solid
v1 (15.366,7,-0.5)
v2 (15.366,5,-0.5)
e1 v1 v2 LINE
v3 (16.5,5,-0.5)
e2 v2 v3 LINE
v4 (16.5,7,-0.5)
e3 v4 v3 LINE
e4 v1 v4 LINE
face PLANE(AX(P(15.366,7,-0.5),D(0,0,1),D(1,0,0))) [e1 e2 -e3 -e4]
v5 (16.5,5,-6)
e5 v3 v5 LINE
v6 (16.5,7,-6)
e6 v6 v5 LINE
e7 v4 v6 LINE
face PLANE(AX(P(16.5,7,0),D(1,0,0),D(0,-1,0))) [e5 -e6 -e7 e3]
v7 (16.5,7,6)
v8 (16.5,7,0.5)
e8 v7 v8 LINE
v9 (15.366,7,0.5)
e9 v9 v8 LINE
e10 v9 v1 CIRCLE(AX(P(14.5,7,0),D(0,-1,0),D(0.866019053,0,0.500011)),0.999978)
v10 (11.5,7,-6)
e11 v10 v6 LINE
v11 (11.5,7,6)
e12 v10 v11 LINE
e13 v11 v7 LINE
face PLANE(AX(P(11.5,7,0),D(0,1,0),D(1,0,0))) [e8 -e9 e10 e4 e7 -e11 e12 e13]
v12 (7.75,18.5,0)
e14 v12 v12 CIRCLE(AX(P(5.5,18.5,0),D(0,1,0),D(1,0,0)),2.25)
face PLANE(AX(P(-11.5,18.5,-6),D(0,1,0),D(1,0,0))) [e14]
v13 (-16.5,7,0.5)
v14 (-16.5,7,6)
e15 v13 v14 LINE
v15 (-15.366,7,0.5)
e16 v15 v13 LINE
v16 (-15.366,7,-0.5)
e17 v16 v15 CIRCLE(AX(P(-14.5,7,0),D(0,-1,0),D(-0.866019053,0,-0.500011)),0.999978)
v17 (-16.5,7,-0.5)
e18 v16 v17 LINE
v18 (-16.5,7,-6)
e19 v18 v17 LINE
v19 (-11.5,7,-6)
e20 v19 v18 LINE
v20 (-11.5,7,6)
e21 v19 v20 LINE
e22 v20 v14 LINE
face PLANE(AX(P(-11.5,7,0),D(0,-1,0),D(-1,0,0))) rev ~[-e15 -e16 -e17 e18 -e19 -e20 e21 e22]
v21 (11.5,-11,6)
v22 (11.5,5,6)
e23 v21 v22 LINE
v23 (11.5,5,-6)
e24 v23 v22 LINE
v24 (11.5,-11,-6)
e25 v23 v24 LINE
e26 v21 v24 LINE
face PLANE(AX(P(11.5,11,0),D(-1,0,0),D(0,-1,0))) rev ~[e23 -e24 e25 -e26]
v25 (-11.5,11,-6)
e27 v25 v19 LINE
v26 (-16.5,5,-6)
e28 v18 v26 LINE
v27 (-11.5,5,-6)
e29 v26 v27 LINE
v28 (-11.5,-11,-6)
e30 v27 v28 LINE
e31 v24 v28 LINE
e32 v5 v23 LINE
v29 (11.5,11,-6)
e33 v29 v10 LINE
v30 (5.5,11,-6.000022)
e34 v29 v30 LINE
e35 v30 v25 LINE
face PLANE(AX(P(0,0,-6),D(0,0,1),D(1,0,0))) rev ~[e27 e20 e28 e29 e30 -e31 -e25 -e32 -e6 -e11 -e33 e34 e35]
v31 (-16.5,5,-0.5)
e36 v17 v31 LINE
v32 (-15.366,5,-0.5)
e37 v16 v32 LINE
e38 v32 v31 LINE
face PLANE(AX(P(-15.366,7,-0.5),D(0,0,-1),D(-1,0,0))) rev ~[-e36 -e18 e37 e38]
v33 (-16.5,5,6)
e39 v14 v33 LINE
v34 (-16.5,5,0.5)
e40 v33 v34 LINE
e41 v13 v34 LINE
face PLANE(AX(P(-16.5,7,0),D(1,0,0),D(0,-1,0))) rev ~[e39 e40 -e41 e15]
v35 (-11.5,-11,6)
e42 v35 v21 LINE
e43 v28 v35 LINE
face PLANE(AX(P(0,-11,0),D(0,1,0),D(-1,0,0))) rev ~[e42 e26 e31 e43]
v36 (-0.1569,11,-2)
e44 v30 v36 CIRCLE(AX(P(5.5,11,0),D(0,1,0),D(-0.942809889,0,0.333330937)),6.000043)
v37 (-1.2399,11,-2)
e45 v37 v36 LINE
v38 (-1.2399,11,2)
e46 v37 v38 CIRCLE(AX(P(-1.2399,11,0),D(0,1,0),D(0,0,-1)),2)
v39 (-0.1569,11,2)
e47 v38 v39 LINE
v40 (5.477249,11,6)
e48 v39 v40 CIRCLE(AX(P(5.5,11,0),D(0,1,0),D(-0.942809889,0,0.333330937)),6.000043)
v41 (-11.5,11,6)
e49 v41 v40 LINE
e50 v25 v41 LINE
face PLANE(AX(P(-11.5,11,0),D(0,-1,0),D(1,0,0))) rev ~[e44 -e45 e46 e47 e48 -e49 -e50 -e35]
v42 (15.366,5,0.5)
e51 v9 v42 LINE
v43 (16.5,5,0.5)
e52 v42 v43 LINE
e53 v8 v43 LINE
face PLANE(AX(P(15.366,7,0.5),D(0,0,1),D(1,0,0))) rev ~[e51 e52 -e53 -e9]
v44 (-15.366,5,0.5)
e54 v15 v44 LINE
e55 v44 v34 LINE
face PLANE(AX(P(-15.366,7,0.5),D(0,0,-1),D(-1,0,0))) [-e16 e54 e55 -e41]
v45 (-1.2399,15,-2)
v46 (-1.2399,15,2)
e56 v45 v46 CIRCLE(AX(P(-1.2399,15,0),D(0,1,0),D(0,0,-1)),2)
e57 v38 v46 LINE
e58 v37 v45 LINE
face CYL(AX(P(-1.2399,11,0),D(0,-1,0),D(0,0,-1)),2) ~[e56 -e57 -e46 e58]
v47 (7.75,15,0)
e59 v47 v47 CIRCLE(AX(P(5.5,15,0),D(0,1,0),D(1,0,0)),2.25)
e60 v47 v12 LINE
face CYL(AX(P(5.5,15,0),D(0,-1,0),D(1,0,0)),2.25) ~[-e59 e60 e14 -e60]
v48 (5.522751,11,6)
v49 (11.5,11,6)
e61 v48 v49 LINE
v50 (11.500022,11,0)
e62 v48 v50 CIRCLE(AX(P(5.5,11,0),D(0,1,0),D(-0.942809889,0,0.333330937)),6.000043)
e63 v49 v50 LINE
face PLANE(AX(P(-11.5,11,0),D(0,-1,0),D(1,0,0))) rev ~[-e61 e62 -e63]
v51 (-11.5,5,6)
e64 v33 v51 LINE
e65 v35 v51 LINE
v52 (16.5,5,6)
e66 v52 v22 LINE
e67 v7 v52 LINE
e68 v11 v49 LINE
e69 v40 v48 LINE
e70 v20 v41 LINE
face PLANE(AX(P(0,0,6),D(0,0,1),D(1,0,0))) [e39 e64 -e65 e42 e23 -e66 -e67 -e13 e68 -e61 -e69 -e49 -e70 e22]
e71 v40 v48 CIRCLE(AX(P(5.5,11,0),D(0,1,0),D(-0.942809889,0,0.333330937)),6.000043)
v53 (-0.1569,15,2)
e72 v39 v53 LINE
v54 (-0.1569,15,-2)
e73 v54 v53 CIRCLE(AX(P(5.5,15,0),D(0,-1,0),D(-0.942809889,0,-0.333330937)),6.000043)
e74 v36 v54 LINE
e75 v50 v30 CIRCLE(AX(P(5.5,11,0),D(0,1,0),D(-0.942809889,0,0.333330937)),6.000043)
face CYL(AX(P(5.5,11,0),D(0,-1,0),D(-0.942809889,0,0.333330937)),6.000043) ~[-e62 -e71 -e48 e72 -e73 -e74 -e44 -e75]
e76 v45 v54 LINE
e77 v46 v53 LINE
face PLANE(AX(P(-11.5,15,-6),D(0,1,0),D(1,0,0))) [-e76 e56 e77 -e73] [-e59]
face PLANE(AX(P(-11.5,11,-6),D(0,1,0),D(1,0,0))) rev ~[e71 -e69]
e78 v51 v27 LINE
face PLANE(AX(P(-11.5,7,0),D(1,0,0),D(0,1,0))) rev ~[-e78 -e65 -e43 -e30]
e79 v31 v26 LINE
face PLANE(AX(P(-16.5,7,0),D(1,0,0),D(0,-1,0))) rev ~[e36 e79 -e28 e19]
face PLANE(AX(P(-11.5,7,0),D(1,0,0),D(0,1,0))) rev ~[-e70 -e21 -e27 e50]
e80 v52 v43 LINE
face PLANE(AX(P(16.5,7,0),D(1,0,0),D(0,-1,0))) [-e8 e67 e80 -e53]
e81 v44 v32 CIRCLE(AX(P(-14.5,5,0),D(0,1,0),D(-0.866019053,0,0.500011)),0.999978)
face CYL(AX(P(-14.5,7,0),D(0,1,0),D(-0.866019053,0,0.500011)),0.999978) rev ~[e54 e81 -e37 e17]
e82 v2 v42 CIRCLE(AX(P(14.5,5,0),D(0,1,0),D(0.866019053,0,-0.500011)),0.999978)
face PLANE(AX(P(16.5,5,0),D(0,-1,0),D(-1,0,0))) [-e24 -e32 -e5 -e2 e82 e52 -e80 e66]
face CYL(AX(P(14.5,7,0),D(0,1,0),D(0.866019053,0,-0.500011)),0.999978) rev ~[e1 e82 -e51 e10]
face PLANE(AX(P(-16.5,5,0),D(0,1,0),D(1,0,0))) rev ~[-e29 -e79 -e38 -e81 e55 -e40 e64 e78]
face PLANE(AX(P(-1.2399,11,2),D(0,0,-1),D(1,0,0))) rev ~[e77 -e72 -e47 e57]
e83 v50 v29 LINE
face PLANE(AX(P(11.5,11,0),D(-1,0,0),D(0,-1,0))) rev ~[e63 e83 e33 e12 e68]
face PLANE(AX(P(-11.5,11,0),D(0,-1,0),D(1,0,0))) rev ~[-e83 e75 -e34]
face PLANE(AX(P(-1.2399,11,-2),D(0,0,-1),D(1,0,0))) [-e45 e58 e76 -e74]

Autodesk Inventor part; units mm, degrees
ref_plane "YZ Plane" through (0, 0, 0) normal (1, 0, 0) x (0, 1, 0)
ref_plane "XZ Plane" through (0, 0, 0) normal (0, 1, 0) x (-1, 0, 0)
ref_plane "XY Plane" through (0, 0, 0) normal (0, 0, 1) x (1, 0, 0)
sketch "Skizze1" plane through (0, 0, 0) normal (0, 0, 1) x (1, 0, 0)
  line L0 (-11.5, 11) -> (11.5, 11)
  line L1 (11.5, 11) -> (11.5, -11)
  line L2 (11.5, -11) -> (-11.5, -11)
  line L3 (-11.5, -11) -> (-11.5, 11)
  line L4 (0, -15.4) -> (0, 15.4) projected
  line L5 (-23.1, 0) -> (23.1, 0) projected
  line L6 (-11.5, 7) -> (-16.5, 7)
  line L7 (-16.5, 7) -> (-16.5, 5)
  line L8 (-16.5, 5) -> (-11.5, 5)
  line L9 (-11.5, 5) -> (-11.5, 7)
  line L10 (11.5, 7) -> (16.5, 7)
  line L11 (16.5, 7) -> (16.5, 5)
  line L12 (16.5, 5) -> (11.5, 5)
  line L13 (11.5, 5) -> (11.5, 7)
  point P0 (0, 0)
  dimension "d0" = 23
  dimension "d1" = 22
  dimension "d2" = 16
  dimension "d3" = 2
  dimension "d4" = 5
extrude "Extrusion1" add sketch "Skizze1" against normal mid plane 12 contours L0 L4 L5 L3 | L0 L1 L5 L4 | L5 L1 L2 L4 | L4 L2 L3 L5
extrude "Extrusion2" add sketch "Skizze1" along normal mid plane 12 contours L3 L8 L7 L6 | L10 L11 L12 L1
sketch "Skizze2" plane through (-11.5, 11, -6) normal (0, 1, 0) x (1, 0, 0)
  arc A0 (11.3431, -8) -> (11.3431, -4) centre (17, -6) ccw
  line L0 (0, 0) -> (23, 0) projected
  line L1 (23, 0) -> (23, -12) projected
  arc A1 (10.2601, -4) -> (10.2601, -8) centre (10.2601, -6) ccw
  line L2 (10.2601, -4) -> (11.3431, -4)
  line L3 (10.2601, -8) -> (11.3431, -8)
  point P0 (11.5, -6)
  dimension "d9" = 6
  dimension "d10" = 6
  dimension "d11" = 4
extrude "Extrusion3" add sketch "Skizze2" along normal blind 4 contours L3 A1 L2 A0
sketch "Skizze3" plane through (-16.5, 7, 6) normal (0, 1, 0) x (1, 0, 0)
  arc A0 (1.134, 5.5) -> (1.134, 6.5) centre (2, 6) ccw
  line L0 (0, 12) -> (0, 0) projected
  arc A1 (31.866, 6.5) -> (31.866, 5.5) centre (31, 6) ccw
  line L1 (33, 0) -> (33, 12) projected
  line L2 (1.134, 6.5) -> (0, 6.5)
  line L3 (1.134, 5.5) -> (0, 5.5)
  line L4 (31.866, 6.5) -> (33, 6.5)
  line L5 (33, 12) -> (33, 0) projected
  line L6 (31.866, 5.5) -> (33, 5.5)
  line L7 (-6.6, 6) -> (39.6, 6) projected
  line L8 (0, 6.5) -> (0, 5.5)
  line L9 (33, 6.5) -> (33, 5.5)
  point P0 (16.5, 6)
  dimension "d14" = 2
  dimension "d15" = 2
  dimension "d16" = 2
  dimension "d17" = 2
  dimension "d18" = 1
extrude "Extrusion4" cut sketch "Skizze3" against normal blind 2
sketch "Skizze4" plane through (-11.5, 15, -6) normal (0, 1, 0) x (1, 0, 0)
  circle A0 centre (17, -6) radius 2.25
  line L0 (23, -6) -> (23, -12) projected
  point P0 (11.5, -6)
  dimension "d21" = 4.5
  dimension "d22" = 6
extrude "Extrusion5" add sketch "Skizze4" along normal blind 3.5
properties part number "MicroServo"
